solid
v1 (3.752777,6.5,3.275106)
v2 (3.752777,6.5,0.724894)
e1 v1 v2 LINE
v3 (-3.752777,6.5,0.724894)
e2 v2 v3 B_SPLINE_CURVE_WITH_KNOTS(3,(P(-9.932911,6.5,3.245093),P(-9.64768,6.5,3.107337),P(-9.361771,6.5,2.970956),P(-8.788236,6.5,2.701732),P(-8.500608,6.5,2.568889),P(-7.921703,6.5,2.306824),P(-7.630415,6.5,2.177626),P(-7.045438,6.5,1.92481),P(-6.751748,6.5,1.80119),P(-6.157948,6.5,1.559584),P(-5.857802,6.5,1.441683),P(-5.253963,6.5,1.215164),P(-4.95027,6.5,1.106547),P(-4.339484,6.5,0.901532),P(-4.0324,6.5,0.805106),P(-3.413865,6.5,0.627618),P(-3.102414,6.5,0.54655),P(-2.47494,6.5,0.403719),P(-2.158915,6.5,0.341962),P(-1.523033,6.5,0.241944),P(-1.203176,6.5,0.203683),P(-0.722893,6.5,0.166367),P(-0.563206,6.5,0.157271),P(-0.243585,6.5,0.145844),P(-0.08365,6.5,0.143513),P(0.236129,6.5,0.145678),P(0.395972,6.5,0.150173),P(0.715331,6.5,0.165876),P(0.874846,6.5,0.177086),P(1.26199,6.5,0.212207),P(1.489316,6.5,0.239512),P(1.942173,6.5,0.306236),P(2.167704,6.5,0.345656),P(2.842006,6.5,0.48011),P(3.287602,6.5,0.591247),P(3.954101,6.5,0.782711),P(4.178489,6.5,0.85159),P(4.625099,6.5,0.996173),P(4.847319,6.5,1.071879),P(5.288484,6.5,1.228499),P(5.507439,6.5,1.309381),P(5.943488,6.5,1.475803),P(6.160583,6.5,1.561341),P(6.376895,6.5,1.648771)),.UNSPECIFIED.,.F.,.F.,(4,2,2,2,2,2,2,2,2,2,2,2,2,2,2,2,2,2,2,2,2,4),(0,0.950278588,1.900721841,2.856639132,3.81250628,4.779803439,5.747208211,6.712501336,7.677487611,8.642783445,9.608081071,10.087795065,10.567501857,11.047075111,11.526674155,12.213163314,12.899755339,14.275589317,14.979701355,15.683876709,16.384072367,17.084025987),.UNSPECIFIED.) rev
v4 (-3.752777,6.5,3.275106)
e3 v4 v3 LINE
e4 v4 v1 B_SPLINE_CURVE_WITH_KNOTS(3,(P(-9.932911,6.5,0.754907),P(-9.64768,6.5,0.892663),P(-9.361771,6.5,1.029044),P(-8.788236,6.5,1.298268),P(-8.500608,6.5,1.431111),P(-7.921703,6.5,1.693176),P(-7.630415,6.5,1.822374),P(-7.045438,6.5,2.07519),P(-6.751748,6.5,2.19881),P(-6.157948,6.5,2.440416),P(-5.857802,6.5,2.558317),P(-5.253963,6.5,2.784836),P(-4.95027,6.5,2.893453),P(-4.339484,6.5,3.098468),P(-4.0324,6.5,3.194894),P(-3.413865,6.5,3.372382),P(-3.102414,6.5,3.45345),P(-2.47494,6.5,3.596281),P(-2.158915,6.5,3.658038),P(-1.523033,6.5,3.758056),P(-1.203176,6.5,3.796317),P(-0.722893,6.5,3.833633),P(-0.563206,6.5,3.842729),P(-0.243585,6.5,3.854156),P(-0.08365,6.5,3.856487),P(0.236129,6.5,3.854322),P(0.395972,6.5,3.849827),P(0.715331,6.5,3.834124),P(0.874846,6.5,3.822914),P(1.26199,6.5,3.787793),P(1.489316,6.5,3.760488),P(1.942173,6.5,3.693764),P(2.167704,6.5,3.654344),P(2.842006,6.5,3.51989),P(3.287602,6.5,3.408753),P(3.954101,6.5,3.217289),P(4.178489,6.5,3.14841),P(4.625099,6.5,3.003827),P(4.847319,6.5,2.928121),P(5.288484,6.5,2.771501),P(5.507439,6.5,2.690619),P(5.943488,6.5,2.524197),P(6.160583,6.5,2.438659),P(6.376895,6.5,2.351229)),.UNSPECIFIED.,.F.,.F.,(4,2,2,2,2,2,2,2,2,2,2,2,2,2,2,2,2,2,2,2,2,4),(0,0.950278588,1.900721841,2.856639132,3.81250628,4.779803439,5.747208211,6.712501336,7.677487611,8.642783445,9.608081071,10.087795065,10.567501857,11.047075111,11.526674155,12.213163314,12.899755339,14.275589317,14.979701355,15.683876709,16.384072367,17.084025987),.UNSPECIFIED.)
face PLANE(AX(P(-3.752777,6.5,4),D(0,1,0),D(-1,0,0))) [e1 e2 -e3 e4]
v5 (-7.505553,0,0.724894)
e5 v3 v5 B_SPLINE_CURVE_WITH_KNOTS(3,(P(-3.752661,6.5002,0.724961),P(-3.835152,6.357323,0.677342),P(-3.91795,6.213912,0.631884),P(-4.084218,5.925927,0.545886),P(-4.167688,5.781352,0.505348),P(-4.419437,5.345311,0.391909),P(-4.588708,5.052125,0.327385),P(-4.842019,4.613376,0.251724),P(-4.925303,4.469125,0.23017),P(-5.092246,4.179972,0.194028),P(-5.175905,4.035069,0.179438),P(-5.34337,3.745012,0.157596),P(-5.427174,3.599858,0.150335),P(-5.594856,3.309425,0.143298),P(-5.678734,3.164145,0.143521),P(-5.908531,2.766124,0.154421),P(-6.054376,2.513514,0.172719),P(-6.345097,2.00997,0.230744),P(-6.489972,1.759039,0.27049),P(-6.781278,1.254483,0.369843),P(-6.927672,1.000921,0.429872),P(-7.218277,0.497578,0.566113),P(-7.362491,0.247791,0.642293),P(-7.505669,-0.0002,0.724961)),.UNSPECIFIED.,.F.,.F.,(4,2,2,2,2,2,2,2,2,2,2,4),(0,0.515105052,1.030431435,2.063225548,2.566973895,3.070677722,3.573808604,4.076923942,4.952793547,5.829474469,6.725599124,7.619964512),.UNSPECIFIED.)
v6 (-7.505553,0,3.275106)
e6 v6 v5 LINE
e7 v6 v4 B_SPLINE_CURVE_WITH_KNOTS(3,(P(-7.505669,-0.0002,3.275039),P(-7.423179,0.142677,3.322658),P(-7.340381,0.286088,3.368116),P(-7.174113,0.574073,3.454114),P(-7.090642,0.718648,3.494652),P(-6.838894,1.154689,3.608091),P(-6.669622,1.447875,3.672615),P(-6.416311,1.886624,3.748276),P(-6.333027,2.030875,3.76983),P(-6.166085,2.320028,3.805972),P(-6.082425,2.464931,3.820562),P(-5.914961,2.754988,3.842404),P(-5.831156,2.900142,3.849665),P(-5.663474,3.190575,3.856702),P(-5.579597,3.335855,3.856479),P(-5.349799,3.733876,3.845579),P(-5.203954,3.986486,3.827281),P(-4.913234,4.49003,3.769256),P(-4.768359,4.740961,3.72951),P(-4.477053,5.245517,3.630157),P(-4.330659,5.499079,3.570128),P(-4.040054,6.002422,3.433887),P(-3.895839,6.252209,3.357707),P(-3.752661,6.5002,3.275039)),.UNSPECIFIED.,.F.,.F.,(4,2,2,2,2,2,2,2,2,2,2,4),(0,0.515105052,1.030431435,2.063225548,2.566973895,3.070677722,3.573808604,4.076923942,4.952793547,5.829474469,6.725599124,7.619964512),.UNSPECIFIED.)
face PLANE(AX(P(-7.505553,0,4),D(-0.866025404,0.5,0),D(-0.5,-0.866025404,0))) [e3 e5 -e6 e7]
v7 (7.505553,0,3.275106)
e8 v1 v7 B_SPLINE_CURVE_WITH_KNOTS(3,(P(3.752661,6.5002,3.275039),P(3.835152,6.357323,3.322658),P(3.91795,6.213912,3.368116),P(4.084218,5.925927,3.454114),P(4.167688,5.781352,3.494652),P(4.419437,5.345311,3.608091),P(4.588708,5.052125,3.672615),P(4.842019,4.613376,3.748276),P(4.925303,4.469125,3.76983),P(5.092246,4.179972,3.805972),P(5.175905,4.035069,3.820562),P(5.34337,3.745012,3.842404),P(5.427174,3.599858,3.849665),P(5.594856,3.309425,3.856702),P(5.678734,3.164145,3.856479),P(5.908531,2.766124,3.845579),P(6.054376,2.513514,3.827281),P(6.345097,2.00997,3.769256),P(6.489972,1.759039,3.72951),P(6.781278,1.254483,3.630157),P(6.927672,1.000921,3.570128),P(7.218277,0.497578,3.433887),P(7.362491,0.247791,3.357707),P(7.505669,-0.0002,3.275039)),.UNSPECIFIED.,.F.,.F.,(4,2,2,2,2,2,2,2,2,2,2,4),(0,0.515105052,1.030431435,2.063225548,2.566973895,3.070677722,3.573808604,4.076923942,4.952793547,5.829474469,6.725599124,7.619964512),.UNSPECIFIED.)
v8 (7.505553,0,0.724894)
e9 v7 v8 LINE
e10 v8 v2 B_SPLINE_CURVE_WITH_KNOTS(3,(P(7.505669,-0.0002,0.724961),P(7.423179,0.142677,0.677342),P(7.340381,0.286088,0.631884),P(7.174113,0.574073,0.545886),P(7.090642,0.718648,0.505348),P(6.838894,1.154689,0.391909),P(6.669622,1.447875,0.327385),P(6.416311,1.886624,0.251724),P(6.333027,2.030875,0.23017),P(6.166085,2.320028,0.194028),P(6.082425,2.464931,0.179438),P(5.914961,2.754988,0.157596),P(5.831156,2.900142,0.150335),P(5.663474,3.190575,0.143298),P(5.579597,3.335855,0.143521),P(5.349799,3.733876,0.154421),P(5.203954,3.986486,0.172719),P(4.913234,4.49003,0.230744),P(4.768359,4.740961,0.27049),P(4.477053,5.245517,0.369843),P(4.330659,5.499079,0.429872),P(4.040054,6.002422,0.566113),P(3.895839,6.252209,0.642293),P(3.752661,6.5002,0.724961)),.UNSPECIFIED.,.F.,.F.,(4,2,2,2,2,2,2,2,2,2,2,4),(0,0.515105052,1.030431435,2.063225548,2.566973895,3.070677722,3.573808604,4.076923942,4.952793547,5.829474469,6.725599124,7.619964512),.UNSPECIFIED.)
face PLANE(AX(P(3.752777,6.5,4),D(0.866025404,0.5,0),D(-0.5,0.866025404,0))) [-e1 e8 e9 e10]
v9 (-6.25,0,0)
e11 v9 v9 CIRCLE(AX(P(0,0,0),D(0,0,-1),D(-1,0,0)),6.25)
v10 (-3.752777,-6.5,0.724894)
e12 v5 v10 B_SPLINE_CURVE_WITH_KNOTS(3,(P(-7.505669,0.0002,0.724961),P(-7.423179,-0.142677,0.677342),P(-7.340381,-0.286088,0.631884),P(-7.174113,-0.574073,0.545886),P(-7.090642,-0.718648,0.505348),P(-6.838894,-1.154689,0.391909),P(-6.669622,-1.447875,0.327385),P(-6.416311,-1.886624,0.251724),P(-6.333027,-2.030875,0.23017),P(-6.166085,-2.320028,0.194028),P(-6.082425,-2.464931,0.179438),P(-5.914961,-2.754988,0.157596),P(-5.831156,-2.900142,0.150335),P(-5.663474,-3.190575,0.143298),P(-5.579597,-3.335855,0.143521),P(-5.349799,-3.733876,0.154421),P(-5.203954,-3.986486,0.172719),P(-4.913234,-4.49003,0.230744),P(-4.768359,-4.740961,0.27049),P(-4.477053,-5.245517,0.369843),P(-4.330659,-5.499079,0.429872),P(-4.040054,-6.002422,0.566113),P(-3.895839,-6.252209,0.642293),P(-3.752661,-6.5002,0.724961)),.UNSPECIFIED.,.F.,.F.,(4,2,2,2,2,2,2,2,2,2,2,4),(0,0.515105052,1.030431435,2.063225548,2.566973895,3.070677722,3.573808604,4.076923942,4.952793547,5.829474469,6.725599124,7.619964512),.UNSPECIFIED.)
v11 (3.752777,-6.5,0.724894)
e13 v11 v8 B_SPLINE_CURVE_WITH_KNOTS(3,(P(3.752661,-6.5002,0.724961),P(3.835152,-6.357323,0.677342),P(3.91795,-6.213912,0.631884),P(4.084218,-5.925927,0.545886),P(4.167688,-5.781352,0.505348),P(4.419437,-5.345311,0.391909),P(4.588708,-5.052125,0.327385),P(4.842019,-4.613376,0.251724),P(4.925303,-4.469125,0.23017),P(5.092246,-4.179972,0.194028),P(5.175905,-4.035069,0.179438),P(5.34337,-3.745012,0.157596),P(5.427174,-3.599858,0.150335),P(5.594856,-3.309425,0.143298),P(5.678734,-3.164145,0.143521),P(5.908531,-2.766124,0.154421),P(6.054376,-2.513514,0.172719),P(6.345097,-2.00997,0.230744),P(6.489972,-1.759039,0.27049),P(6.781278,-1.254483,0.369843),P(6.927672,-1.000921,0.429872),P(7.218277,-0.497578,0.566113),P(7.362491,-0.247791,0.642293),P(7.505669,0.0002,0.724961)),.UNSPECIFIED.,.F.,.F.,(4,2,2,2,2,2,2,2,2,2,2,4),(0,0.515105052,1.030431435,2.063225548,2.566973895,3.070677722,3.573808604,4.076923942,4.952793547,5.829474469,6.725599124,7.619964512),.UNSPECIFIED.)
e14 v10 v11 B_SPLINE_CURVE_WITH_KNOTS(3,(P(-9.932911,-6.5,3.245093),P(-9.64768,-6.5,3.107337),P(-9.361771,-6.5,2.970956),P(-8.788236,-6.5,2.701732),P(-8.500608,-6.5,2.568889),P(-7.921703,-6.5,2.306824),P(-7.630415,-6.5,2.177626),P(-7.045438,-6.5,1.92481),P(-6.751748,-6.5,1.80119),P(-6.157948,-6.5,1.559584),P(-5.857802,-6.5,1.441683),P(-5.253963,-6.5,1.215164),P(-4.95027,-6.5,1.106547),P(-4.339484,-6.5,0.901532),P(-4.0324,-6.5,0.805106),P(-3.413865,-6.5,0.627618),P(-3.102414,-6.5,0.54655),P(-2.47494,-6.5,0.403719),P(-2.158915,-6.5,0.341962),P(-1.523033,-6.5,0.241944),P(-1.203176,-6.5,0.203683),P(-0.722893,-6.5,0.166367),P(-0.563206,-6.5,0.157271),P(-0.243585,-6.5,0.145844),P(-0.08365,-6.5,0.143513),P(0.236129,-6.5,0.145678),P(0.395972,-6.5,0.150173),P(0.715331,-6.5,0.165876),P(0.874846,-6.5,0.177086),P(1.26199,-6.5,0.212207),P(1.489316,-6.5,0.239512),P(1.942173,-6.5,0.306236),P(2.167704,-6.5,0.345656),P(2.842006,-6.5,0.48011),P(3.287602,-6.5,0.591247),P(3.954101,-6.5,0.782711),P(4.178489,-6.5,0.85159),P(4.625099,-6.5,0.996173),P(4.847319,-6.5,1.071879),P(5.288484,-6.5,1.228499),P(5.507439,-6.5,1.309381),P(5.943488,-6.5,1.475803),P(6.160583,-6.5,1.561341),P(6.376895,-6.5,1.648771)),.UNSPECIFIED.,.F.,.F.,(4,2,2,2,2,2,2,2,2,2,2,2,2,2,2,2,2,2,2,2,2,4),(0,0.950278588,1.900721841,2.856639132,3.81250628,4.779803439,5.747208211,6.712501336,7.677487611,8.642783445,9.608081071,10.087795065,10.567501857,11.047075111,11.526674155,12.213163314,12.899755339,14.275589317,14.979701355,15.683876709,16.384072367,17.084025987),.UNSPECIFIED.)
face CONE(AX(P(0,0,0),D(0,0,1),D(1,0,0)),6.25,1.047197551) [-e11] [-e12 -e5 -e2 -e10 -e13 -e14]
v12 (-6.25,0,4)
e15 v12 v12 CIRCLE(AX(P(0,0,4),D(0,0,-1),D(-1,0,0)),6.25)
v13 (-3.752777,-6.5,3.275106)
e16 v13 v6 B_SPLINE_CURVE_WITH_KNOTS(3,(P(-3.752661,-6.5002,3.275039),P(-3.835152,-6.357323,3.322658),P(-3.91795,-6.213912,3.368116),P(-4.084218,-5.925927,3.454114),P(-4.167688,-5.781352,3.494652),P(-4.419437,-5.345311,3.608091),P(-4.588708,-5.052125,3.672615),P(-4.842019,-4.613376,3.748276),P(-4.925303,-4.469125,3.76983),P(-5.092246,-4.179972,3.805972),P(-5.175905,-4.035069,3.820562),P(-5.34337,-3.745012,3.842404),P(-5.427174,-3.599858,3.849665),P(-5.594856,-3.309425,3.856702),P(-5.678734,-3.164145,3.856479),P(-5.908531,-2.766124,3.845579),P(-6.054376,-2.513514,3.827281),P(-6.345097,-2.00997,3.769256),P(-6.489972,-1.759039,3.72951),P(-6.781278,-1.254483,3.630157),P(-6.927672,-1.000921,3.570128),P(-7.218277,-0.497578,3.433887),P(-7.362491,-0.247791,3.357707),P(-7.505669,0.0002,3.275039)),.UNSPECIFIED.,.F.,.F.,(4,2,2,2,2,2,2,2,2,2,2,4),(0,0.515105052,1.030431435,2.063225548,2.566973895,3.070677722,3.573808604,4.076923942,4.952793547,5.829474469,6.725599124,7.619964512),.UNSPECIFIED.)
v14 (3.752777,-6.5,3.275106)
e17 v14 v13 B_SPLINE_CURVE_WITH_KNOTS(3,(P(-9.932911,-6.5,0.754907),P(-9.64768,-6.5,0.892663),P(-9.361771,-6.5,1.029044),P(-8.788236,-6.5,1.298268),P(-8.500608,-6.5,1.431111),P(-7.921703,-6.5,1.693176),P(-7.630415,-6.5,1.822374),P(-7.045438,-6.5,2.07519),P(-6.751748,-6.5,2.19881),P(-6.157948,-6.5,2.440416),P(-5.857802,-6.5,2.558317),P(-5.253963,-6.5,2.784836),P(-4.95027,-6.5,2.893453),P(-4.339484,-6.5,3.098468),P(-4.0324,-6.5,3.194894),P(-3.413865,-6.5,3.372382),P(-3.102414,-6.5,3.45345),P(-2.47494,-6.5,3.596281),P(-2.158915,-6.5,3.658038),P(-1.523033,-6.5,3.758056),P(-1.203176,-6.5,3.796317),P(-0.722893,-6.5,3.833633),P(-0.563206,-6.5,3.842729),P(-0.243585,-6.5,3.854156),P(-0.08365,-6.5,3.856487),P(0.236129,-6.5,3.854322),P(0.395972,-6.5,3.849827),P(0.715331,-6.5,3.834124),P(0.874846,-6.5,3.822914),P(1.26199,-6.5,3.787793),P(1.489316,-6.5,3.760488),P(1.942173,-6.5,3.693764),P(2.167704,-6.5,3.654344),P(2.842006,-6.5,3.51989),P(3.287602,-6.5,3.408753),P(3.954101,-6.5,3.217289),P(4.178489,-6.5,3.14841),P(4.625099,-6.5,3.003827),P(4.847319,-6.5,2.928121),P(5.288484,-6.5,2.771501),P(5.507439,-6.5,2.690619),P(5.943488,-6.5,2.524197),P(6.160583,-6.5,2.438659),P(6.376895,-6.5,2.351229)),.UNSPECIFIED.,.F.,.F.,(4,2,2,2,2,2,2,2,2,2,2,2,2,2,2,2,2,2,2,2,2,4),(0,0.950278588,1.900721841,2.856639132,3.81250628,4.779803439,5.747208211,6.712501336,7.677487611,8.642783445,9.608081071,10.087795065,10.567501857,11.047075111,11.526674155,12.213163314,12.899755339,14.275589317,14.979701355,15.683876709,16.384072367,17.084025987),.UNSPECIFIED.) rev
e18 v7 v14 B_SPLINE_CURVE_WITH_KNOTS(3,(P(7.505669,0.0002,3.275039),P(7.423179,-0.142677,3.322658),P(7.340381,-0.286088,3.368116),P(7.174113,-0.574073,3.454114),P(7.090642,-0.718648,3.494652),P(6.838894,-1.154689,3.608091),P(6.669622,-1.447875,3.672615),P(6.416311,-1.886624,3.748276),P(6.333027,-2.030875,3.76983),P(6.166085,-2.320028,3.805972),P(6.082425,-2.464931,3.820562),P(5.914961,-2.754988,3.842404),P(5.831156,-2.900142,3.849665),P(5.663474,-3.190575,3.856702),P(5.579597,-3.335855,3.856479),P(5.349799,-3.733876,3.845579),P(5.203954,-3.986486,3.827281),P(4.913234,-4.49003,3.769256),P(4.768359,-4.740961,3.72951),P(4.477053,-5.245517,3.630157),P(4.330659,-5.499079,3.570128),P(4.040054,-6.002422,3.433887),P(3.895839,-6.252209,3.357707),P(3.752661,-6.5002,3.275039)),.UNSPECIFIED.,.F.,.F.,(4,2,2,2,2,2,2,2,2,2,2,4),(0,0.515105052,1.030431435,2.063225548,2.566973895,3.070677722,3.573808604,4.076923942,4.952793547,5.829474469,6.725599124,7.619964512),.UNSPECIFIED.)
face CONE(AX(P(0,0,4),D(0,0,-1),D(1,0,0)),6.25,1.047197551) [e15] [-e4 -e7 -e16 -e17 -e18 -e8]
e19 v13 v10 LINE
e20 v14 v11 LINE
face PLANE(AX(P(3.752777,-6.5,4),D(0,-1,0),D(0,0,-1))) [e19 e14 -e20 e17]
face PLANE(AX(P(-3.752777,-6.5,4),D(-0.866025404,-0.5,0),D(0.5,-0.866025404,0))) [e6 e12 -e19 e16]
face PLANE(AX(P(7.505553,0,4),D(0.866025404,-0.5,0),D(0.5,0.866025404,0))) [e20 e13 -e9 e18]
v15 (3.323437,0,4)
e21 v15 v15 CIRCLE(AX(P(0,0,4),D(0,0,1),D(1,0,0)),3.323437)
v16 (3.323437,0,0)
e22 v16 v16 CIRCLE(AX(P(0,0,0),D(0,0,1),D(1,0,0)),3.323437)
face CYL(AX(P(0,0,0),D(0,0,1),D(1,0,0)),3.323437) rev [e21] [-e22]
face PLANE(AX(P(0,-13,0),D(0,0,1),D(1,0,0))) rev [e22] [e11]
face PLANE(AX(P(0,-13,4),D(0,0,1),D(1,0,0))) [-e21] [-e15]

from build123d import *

# Parameters (mm, degrees)
BASE_EXTRUSION_DEPTH    = 4
ESQUISSE2_R             = 3.3234375
ENL_V_MAT_EXTRU_1_DEPTH = 5


with BuildPart() as part:
    # Esquisse1 → Base-Extrusion (new body)
    with BuildSketch(Plane.XY):
        Polygon((-7.505553499, 0), (-3.75277675, 6.5), (3.75277675, 6.5), (7.505553499, 0), (3.75277675, -6.5), (-3.75277675, -6.5), align=None)
    extrude(amount=BASE_EXTRUSION_DEPTH)

    # Esquisse2 → Enlèv. mat.-Extru.1 (cut, through all)
    with BuildSketch(Plane.XY.offset(4)):
        Circle(ESQUISSE2_R)
    extrude(amount=-ENL_V_MAT_EXTRU_1_DEPTH, mode=Mode.SUBTRACT)

    # Esquisse3 → Enlever de la matière-Révolution1 (revolve, cut)
    with BuildSketch(Plane(origin=(0, 0, 0), x_dir=(1, 0, 0), z_dir=(0, 1, 0))):
        Polygon((-6.25, 0), (-7.505553499, 0), (-7.505553499, -0.724894151), align=None)
    enlever_de_la_mati_re_r_volution1 = revolve(axis=Axis((0, 0, 0), (0, 0, 1)), mode=Mode.SUBTRACT)

    # Symétrie1: Enlever de la matière-Révolution1 across Plan4
    add(enlever_de_la_mati_re_r_volution1.mirror(Plane(origin=(0, 0, 2), x_dir=(-1, 0, 0), z_dir=(0, 0, -1))), mode=Mode.SUBTRACT)


solid = part.part
